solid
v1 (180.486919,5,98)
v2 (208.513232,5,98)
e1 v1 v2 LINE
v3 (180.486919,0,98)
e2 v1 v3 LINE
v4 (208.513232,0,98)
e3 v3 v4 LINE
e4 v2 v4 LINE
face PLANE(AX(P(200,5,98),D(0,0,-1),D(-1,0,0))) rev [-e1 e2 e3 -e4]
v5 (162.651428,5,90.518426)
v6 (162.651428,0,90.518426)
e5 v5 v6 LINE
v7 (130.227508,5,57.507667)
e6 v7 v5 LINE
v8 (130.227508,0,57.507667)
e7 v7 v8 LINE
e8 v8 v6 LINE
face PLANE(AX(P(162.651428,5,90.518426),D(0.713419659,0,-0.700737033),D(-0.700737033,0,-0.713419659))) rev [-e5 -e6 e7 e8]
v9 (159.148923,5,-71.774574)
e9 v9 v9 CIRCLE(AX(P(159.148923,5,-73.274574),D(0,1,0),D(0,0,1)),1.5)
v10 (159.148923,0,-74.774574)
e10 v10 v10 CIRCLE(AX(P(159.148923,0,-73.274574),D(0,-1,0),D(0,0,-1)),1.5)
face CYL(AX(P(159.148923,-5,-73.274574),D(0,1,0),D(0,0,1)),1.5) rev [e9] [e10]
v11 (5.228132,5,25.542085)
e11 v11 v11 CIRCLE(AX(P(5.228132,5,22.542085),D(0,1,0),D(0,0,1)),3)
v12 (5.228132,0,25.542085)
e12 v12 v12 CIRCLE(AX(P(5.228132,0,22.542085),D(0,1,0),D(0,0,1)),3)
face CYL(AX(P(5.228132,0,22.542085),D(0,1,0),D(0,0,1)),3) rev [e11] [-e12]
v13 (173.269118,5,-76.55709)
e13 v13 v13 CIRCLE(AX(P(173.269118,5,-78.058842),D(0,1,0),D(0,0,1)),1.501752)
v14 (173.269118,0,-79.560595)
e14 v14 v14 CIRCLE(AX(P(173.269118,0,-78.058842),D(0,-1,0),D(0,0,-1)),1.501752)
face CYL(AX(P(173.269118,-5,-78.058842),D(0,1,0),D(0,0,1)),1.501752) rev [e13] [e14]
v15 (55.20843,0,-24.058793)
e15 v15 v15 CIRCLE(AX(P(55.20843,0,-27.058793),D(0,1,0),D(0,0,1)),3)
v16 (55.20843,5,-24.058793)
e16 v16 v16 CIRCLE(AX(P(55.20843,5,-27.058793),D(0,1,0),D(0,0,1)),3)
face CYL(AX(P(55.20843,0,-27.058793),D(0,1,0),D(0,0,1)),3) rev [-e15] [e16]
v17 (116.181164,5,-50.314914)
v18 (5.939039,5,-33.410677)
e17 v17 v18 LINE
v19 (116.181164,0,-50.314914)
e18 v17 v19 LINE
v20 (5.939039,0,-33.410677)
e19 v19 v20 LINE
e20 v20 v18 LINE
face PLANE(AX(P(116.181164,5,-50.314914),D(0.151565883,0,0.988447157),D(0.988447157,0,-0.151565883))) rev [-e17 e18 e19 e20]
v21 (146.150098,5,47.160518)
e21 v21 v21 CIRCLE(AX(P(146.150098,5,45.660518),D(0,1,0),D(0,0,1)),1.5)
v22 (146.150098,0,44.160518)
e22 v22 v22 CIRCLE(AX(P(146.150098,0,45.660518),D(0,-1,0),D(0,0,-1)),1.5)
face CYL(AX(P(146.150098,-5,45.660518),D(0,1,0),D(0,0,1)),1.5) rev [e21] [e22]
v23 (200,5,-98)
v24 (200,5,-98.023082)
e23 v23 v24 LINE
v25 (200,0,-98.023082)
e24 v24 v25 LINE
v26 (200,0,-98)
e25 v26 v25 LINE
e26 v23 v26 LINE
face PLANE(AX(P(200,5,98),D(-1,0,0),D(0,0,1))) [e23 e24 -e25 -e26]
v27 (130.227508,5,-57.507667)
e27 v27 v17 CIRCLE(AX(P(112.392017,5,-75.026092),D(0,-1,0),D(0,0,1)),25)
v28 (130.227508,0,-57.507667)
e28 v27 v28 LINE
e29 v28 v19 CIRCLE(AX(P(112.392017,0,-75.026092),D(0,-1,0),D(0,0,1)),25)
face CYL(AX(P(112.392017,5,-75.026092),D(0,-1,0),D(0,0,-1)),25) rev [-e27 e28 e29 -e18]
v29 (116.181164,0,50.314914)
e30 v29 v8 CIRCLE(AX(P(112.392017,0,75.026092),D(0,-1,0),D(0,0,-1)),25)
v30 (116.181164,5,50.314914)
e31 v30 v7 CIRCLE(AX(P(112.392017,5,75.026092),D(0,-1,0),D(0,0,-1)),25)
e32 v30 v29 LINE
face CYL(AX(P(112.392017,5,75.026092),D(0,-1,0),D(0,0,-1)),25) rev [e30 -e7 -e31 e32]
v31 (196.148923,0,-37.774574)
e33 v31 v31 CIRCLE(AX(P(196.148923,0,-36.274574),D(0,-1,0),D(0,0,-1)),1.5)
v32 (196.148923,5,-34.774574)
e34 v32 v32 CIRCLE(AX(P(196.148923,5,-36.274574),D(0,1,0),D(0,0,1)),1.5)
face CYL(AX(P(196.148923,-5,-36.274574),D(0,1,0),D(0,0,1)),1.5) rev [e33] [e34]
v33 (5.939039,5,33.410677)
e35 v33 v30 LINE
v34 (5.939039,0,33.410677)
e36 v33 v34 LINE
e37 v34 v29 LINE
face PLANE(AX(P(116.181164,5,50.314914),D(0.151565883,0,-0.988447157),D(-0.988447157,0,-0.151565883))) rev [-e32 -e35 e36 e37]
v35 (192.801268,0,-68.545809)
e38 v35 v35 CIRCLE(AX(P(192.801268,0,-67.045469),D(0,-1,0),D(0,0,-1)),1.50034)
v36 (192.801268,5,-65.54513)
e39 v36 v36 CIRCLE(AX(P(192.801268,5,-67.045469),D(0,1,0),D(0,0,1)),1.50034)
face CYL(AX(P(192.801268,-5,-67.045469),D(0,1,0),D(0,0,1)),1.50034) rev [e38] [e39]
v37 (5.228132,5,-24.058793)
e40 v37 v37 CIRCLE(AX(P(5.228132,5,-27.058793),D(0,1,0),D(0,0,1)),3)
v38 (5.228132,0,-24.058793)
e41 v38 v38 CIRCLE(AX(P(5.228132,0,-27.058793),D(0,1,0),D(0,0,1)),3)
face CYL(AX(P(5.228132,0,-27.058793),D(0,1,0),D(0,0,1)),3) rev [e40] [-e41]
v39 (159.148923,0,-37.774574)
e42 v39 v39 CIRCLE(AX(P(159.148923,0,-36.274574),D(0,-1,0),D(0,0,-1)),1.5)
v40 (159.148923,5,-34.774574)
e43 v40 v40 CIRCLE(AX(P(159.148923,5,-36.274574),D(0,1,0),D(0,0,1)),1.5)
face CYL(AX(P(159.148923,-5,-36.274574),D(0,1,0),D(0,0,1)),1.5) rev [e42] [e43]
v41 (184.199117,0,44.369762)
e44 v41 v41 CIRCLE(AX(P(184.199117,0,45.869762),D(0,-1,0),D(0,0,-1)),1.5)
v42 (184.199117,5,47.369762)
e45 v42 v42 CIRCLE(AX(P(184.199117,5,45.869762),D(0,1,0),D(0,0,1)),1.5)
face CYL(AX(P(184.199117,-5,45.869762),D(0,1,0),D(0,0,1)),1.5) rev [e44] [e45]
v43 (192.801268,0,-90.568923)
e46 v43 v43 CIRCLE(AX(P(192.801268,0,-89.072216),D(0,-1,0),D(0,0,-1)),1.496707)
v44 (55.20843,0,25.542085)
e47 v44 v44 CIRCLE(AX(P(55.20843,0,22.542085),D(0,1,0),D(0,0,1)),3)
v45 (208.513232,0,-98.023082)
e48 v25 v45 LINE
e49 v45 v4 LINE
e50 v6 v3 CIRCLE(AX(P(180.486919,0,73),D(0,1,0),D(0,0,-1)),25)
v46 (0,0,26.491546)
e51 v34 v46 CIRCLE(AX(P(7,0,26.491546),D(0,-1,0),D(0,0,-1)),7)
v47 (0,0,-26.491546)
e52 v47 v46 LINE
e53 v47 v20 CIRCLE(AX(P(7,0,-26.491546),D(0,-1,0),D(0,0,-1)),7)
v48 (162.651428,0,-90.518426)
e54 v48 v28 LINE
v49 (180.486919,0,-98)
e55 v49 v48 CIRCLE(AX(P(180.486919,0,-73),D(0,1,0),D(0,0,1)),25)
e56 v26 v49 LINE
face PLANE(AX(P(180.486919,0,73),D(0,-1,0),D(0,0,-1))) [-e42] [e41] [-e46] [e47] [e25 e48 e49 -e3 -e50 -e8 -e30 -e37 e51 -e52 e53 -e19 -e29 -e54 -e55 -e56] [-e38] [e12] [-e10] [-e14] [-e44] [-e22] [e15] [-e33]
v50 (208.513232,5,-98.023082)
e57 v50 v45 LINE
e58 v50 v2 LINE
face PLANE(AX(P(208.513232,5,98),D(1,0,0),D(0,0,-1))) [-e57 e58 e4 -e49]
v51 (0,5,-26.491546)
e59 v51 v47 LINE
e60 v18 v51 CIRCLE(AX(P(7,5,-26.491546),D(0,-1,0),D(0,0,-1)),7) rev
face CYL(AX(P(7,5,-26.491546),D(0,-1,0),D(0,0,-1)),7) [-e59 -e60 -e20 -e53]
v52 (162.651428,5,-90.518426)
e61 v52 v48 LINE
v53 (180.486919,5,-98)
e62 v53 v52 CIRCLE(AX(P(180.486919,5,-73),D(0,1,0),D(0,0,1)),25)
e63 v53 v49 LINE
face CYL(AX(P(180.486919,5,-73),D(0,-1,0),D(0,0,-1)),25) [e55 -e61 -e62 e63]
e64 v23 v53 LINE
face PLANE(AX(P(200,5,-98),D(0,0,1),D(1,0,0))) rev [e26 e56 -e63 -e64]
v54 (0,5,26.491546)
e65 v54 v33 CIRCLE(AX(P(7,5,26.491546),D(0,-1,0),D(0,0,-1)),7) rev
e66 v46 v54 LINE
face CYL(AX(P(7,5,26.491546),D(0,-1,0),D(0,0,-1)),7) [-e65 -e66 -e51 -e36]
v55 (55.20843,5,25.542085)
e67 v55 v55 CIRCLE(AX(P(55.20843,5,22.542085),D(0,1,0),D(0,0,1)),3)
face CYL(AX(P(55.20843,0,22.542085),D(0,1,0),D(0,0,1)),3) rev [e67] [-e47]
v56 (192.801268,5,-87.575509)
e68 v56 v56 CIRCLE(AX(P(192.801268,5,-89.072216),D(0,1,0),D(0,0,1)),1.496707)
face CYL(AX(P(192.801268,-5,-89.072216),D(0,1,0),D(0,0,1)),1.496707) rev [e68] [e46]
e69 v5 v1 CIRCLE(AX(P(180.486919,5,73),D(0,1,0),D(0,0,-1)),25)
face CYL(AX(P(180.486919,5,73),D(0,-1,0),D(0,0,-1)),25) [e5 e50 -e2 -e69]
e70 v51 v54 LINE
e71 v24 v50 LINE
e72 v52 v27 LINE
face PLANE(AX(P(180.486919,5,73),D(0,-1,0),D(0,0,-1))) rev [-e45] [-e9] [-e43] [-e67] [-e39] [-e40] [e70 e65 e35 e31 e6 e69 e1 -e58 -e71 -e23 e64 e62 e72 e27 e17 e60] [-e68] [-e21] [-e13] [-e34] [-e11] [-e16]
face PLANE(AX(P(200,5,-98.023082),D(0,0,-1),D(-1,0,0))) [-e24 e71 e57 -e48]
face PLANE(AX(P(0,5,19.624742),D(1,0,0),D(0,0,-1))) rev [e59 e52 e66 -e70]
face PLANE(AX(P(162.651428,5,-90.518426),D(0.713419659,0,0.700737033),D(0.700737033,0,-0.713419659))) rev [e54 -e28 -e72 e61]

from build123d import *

# Parameters (mm, degrees)
BOSS_EXTRU_1_DEPTH      = 5
CONG_3_R                = 7
ESQUISSE3_R             = 3
ENL_V_MAT_EXTRU_1_DEPTH = 5
ESQUISSE8_R             = 1.5
ENL_V_MAT_EXTRU_5_DEPTH = 10
ESQUISSE11_R            = 1.5
ENL_V_MAT_EXTRU_7_DEPTH = 10
ESQUISSE12_W            = 8.513232075
ESQUISSE12_H            = 196.02308235
BOSS_EXTRU_2_DEPTH      = 5
ESQUISSE13_R            = 1.496707183
ESQUISSE13_R_2          = 1.50175208
ESQUISSE13_R_3          = 1.500339551
ENL_V_MAT_EXTRU_8_DEPTH = 10


with BuildPart() as part:
    # Esquisse1 → Boss.-Extru.1 (new body)
    with BuildSketch(Plane(origin=(0, 0, 0), x_dir=(1, 0, 0), z_dir=(0, 1, 0))):
        with BuildLine():
            Line((200, 98), (180.486918987, 98))
            ThreePointArc((180.486918987, 98), (170.816361757, 96.053857006), (162.651427502, 90.518425828))
            Line((162.651427502, 90.518425828), (130.227508241, 57.507666668))
            ThreePointArc((130.227508241, 57.507666668), (123.786759953, 52.773905469), (116.181163829, 50.314913559))
            Line((116.181163829, 50.314913559), (0, 32.5))
            Line((0, 32.5), (0, 19.62474242))
            Line((0, 19.62474242), (0, -19.62474242))
            Line((0, -19.62474242), (0, -32.5))
            Line((0, -32.5), (116.181163829, -50.314913559))
            ThreePointArc((116.181163829, -50.314913559), (123.786759953, -52.773905469), (130.227508241, -57.507666668))
            Line((130.227508241, -57.507666668), (162.651427502, -90.518425828))
            ThreePointArc((162.651427502, -90.518425828), (170.816361757, -96.053857006), (180.486918987, -98))
            Line((180.486918987, -98), (200, -98))
            Line((200, -98), (200, 98))
        make_face()
    extrude(amount=BOSS_EXTRU_1_DEPTH)

    # Congé3
    cong_3_edges = [part.edges().sort_by_distance(p)[0] for p in [
        (0, 2.5, 32.5),
        (0, 2.5, -32.5),
    ]]
    fillet(cong_3_edges, radius=CONG_3_R)

    # Esquisse3 → Enlèv. mat.-Extru.1 (cut)
    with BuildSketch(Plane(origin=(0, 5, 0), x_dir=(1, 0, 0), z_dir=(0, 1, 0))):
        with Locations((5.228132429, -22.542085275)):
            Circle(ESQUISSE3_R)
        with Locations((5.228132429, 27.05879269)):
            Circle(ESQUISSE3_R)
        with Locations((55.20842969, -22.542085275)):
            Circle(ESQUISSE3_R)
        with Locations((55.20842969, 27.05879269)):
            Circle(ESQUISSE3_R)
    extrude(amount=-ENL_V_MAT_EXTRU_1_DEPTH, mode=Mode.SUBTRACT)

    # Esquisse8 → Enlèv. mat.-Extru.5 (cut)
    with BuildSketch(Plane(origin=(0, 5, 0), x_dir=(1, 0, 0), z_dir=(0, 1, 0))):
        with Locations((196.148923391, 36.274574464)):
            Circle(ESQUISSE8_R)
        with Locations((159.148923391, 73.274574464)):
            Circle(ESQUISSE8_R)
        with Locations((159.148923391, 36.274574464)):
            Circle(ESQUISSE8_R)
    extrude(amount=-ENL_V_MAT_EXTRU_5_DEPTH, mode=Mode.SUBTRACT)

    # Esquisse11 → Enlèv. mat.-Extru.7 (cut)
    with BuildSketch(Plane(origin=(0, 5, 0), x_dir=(1, 0, 0), z_dir=(0, 1, 0))):
        with Locations((184.199116652, -45.869762424)):
            Circle(ESQUISSE11_R)
        with Locations((146.150097665, -45.660518454)):
            Circle(ESQUISSE11_R)
    extrude(amount=-ENL_V_MAT_EXTRU_7_DEPTH, mode=Mode.SUBTRACT)

    # Esquisse12 → Boss.-Extru.2 (add)
    with BuildSketch(Plane(origin=(0, 0, 0), x_dir=(-1, 0, 0), z_dir=(0, -1, 0))):
        with Locations((-204.256616038, 0.011541175)):
            Rectangle(ESQUISSE12_W, ESQUISSE12_H)
    extrude(amount=-BOSS_EXTRU_2_DEPTH)

    # Esquisse13 → Enlèv. mat.-Extru.8 (cut)
    with BuildSketch(Plane(origin=(0, 5, 0), x_dir=(1, 0, 0), z_dir=(0, 1, 0))):
        with Locations((192.801268115, 89.072215784)):
            Circle(ESQUISSE13_R)
        with Locations((173.269117951, 78.05884243)):
            Circle(ESQUISSE13_R_2)
        with Locations((192.801268115, 67.045469076)):
            Circle(ESQUISSE13_R_3)
    extrude(amount=-ENL_V_MAT_EXTRU_8_DEPTH, mode=Mode.SUBTRACT)


solid = part.part
